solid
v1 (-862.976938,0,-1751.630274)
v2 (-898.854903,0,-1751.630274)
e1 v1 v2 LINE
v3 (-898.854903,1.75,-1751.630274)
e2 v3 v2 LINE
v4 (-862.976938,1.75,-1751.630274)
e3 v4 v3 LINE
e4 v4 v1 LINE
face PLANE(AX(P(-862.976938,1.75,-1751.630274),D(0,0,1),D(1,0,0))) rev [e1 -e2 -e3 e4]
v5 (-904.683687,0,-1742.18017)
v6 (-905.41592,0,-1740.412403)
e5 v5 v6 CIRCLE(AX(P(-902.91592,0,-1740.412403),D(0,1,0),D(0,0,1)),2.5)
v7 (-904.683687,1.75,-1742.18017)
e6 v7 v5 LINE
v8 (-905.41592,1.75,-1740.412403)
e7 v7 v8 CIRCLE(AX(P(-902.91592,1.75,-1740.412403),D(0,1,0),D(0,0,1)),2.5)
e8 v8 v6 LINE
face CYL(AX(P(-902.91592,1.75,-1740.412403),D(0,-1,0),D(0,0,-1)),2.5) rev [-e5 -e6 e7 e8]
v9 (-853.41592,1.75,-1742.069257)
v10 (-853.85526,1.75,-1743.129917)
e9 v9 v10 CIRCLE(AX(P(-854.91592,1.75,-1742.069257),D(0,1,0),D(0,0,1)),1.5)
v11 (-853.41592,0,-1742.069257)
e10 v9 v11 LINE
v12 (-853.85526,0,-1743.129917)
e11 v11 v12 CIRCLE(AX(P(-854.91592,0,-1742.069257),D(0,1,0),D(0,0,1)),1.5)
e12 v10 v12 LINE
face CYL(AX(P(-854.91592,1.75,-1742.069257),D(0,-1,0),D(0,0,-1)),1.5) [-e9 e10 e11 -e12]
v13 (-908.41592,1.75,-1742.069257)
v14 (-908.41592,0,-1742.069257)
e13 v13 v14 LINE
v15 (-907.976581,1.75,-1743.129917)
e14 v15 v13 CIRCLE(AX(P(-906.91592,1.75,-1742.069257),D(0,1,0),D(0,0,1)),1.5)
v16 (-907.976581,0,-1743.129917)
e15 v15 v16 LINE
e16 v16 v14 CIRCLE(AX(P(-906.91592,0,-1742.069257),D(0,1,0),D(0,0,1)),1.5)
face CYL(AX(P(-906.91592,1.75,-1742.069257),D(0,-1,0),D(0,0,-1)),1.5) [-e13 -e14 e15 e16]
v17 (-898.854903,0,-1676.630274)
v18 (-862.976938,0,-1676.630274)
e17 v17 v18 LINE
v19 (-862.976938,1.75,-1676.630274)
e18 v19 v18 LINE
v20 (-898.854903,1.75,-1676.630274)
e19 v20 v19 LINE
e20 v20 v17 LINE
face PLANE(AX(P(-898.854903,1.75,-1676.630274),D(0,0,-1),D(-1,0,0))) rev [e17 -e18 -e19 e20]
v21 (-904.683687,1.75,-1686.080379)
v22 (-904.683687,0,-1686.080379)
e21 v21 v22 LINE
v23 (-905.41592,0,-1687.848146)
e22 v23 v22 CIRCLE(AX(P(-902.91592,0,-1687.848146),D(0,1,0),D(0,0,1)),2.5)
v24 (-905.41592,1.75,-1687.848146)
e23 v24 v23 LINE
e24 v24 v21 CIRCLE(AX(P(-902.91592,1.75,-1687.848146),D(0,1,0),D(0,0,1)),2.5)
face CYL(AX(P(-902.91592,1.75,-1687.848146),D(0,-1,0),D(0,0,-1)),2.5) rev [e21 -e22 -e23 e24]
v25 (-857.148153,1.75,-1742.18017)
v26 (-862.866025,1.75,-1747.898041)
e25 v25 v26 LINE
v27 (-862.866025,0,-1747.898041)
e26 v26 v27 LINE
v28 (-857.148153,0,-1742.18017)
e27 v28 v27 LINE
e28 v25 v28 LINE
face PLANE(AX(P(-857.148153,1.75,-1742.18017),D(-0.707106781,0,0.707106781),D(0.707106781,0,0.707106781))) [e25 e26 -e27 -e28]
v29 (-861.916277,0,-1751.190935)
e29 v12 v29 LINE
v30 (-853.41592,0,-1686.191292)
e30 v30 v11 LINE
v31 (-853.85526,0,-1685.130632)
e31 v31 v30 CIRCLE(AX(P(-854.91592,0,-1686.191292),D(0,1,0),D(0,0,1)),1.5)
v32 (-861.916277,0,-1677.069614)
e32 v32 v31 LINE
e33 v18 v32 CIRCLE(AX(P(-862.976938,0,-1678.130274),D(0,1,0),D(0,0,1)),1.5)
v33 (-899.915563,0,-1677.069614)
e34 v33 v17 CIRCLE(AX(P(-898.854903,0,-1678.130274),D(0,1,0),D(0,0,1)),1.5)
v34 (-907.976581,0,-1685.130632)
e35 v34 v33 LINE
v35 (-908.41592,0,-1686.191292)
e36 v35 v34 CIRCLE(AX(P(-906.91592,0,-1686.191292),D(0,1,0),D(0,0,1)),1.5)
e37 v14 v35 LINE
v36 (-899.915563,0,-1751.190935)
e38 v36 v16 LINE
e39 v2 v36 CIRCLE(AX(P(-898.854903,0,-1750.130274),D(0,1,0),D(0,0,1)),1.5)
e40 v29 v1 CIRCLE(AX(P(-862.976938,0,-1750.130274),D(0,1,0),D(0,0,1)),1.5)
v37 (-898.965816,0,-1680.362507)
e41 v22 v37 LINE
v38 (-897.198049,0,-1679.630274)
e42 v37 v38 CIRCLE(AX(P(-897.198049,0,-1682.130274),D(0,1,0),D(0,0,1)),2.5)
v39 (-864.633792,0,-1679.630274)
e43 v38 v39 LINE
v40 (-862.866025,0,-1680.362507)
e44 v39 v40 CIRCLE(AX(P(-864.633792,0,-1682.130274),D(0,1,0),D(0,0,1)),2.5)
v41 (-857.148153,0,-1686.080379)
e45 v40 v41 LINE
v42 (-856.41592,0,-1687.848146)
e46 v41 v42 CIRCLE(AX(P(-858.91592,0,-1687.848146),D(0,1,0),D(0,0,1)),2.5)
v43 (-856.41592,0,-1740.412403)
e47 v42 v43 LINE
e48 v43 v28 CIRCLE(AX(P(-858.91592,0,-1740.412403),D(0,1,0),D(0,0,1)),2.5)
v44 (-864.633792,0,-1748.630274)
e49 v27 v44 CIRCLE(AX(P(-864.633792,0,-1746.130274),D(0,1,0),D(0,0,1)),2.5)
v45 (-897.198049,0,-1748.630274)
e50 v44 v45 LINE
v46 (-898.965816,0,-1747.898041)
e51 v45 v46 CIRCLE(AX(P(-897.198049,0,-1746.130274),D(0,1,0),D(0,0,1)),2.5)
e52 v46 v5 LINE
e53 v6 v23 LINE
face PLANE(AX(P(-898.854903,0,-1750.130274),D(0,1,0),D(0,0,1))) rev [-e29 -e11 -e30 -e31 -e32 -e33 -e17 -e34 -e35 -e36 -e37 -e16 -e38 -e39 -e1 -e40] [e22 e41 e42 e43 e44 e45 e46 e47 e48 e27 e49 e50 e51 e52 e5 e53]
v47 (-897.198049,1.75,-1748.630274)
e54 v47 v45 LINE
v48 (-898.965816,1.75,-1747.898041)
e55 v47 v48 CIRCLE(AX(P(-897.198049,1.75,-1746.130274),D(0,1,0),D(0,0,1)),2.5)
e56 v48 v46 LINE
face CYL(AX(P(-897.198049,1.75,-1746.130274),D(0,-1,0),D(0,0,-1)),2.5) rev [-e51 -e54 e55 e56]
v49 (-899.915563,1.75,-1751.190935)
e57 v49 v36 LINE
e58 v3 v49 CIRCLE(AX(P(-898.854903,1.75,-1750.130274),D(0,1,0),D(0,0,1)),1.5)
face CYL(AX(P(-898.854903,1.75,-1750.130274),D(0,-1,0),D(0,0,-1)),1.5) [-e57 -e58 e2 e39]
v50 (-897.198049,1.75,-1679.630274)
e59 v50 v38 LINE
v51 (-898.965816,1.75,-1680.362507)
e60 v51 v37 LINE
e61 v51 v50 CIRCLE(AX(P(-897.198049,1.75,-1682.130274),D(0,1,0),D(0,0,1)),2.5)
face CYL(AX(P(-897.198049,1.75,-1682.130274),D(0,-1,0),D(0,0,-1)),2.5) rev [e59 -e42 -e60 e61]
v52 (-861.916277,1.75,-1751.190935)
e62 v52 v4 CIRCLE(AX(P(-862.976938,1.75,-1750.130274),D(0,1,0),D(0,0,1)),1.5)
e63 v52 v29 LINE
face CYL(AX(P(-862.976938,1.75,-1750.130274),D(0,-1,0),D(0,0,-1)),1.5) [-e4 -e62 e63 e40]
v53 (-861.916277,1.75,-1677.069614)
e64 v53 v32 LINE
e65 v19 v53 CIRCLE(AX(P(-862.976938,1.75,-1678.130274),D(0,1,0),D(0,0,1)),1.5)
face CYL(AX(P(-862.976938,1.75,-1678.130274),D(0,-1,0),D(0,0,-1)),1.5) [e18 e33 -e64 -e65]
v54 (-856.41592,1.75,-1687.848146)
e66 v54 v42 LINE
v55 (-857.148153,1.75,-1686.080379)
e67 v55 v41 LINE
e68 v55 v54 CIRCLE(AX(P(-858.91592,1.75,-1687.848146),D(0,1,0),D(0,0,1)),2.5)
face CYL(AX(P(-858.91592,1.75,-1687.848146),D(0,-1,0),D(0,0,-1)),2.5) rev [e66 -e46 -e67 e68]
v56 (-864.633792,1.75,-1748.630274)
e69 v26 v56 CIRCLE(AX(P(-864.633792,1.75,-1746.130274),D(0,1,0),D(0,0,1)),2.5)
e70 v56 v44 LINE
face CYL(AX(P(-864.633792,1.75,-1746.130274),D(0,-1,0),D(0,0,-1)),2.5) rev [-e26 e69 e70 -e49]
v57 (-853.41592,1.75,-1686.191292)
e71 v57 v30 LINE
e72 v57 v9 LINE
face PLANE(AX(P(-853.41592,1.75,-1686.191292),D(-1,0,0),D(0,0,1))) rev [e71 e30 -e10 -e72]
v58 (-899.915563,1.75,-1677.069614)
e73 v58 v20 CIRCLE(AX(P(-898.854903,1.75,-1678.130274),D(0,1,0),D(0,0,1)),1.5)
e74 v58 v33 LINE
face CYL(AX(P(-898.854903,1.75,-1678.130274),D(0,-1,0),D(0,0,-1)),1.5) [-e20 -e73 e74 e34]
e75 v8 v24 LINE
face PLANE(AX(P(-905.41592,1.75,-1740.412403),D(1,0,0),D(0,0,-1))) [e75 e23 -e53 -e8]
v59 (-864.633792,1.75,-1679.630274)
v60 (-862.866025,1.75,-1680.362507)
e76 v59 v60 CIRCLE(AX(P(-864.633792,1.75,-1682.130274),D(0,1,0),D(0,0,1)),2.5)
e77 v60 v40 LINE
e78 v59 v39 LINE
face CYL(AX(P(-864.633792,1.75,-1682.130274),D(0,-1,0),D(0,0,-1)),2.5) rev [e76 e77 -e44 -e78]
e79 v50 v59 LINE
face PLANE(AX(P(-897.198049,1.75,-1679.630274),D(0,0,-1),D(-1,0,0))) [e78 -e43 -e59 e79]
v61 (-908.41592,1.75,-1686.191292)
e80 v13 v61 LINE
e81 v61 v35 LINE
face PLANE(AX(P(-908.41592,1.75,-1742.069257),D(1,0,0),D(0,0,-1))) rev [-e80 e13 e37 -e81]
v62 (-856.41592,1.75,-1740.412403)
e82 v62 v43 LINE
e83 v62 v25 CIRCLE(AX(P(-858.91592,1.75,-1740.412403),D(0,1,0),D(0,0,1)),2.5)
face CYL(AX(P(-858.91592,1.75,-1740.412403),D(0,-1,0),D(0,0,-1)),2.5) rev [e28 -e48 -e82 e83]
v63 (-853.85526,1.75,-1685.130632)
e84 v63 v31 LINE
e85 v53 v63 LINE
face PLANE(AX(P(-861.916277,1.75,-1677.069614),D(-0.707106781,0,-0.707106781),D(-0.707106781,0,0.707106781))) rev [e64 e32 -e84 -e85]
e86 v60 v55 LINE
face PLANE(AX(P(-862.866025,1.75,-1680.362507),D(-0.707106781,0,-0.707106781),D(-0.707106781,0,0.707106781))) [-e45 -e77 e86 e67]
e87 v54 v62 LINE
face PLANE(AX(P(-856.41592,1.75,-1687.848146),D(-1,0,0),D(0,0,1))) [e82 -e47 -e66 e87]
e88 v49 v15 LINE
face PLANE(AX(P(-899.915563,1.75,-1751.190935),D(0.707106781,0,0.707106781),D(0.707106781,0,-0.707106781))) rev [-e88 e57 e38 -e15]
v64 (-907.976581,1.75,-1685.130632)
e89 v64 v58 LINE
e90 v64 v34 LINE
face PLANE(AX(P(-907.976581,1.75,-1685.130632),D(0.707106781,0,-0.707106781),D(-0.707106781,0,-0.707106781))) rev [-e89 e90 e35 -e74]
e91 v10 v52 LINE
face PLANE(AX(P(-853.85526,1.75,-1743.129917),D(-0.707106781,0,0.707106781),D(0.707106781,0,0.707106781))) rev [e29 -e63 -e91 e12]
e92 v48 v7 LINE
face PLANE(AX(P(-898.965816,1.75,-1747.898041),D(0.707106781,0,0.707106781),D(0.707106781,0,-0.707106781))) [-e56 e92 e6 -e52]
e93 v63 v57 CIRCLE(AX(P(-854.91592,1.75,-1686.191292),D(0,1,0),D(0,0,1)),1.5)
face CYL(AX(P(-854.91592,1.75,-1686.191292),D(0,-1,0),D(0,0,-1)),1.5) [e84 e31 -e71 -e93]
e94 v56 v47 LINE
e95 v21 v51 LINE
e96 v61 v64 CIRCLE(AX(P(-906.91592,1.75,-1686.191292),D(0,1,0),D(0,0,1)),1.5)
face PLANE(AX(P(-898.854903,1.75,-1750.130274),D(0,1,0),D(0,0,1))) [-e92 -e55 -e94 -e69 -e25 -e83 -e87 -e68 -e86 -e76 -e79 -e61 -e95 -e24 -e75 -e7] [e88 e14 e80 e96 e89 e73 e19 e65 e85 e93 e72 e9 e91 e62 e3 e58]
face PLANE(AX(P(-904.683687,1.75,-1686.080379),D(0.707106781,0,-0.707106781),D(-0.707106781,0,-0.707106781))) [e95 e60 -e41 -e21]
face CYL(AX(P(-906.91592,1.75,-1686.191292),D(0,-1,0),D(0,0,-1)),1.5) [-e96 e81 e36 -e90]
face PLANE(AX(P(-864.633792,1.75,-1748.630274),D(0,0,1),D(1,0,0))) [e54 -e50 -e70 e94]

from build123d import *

# Parameters (mm, degrees)
BOSS_EXTRUDE1_DEPTH = 1.75


with BuildPart() as part:
    # Sketch1 → Boss-Extrude1 (new body)
    with BuildSketch(Plane(origin=(-905.783657891, 0, -1752.480725949), x_dir=(1, 0, 0), z_dir=(0, 1, 0))):
        with BuildLine():
            Line((5.86809467, -1.289791394), (-2.192922636, -9.3508087))
            ThreePointArc((-2.192922636, -9.3508087), (-2.518081763, -9.837443723), (-2.632262464, -10.411468871))
            Line((-2.632262464, -10.411468871), (-2.632262464, -66.28943426))
            ThreePointArc((-2.632262464, -66.28943426), (-2.518081763, -66.863459408), (-2.192922636, -67.350094431))
            Line((-2.192922636, -67.350094431), (5.86809467, -75.411111737))
            ThreePointArc((5.86809467, -75.411111737), (6.354729693, -75.736270864), (6.928754842, -75.850451566))
            Line((6.928754842, -75.850451566), (42.80672023, -75.850451566))
            ThreePointArc((42.80672023, -75.850451566), (43.380745379, -75.736270864), (43.867380402, -75.411111737))
            Line((43.867380402, -75.411111737), (51.928397708, -67.350094431))
            ThreePointArc((51.928397708, -67.350094431), (52.253556835, -66.863459408), (52.367737536, -66.28943426))
            Line((52.367737536, -66.28943426), (52.367737536, -10.411468871))
            ThreePointArc((52.367737536, -10.411468871), (52.253556835, -9.837443723), (51.928397708, -9.3508087))
            Line((51.928397708, -9.3508087), (43.867380402, -1.289791394))
            ThreePointArc((43.867380402, -1.289791394), (43.380745379, -0.964632267), (42.80672023, -0.850451566))
            Line((42.80672023, -0.850451566), (6.928754842, -0.850451566))
            ThreePointArc((6.928754842, -0.850451566), (6.354729693, -0.964632267), (5.86809467, -1.289791394))
        make_face()
        with BuildLine():
            Line((6.817842138, -4.582684613), (1.099970583, -10.300556168))
            ThreePointArc((1.099970583, -10.300556168), (0.558038705, -11.11161454), (0.367737536, -12.068323121))
            Line((0.367737536, -12.068323121), (0.367737536, -64.63258001))
            ThreePointArc((0.367737536, -64.63258001), (0.558038705, -65.589288591), (1.099970583, -66.400346963))
            Line((1.099970583, -66.400346963), (6.817842138, -72.118218519))
            ThreePointArc((6.817842138, -72.118218519), (7.62890051, -72.660150397), (8.585609091, -72.850451566))
            Line((8.585609091, -72.850451566), (41.149865981, -72.850451566))
            ThreePointArc((41.149865981, -72.850451566), (42.106574562, -72.660150397), (42.917632934, -72.118218519))
            Line((42.917632934, -72.118218519), (48.635504489, -66.400346963))
            ThreePointArc((48.635504489, -66.400346963), (49.177436367, -65.589288591), (49.367737536, -64.63258001))
            Line((49.367737536, -64.63258001), (49.367737536, -12.068323121))
            ThreePointArc((49.367737536, -12.068323121), (49.177436367, -11.11161454), (48.635504489, -10.300556168))
            Line((48.635504489, -10.300556168), (42.917632934, -4.582684613))
            ThreePointArc((42.917632934, -4.582684613), (42.106574562, -4.040752734), (41.149865981, -3.850451566))
            Line((41.149865981, -3.850451566), (8.585609091, -3.850451566))
            ThreePointArc((8.585609091, -3.850451566), (7.62890051, -4.040752734), (6.817842138, -4.582684613))
        make_face(mode=Mode.SUBTRACT)
    extrude(amount=BOSS_EXTRUDE1_DEPTH)


solid = part.part
